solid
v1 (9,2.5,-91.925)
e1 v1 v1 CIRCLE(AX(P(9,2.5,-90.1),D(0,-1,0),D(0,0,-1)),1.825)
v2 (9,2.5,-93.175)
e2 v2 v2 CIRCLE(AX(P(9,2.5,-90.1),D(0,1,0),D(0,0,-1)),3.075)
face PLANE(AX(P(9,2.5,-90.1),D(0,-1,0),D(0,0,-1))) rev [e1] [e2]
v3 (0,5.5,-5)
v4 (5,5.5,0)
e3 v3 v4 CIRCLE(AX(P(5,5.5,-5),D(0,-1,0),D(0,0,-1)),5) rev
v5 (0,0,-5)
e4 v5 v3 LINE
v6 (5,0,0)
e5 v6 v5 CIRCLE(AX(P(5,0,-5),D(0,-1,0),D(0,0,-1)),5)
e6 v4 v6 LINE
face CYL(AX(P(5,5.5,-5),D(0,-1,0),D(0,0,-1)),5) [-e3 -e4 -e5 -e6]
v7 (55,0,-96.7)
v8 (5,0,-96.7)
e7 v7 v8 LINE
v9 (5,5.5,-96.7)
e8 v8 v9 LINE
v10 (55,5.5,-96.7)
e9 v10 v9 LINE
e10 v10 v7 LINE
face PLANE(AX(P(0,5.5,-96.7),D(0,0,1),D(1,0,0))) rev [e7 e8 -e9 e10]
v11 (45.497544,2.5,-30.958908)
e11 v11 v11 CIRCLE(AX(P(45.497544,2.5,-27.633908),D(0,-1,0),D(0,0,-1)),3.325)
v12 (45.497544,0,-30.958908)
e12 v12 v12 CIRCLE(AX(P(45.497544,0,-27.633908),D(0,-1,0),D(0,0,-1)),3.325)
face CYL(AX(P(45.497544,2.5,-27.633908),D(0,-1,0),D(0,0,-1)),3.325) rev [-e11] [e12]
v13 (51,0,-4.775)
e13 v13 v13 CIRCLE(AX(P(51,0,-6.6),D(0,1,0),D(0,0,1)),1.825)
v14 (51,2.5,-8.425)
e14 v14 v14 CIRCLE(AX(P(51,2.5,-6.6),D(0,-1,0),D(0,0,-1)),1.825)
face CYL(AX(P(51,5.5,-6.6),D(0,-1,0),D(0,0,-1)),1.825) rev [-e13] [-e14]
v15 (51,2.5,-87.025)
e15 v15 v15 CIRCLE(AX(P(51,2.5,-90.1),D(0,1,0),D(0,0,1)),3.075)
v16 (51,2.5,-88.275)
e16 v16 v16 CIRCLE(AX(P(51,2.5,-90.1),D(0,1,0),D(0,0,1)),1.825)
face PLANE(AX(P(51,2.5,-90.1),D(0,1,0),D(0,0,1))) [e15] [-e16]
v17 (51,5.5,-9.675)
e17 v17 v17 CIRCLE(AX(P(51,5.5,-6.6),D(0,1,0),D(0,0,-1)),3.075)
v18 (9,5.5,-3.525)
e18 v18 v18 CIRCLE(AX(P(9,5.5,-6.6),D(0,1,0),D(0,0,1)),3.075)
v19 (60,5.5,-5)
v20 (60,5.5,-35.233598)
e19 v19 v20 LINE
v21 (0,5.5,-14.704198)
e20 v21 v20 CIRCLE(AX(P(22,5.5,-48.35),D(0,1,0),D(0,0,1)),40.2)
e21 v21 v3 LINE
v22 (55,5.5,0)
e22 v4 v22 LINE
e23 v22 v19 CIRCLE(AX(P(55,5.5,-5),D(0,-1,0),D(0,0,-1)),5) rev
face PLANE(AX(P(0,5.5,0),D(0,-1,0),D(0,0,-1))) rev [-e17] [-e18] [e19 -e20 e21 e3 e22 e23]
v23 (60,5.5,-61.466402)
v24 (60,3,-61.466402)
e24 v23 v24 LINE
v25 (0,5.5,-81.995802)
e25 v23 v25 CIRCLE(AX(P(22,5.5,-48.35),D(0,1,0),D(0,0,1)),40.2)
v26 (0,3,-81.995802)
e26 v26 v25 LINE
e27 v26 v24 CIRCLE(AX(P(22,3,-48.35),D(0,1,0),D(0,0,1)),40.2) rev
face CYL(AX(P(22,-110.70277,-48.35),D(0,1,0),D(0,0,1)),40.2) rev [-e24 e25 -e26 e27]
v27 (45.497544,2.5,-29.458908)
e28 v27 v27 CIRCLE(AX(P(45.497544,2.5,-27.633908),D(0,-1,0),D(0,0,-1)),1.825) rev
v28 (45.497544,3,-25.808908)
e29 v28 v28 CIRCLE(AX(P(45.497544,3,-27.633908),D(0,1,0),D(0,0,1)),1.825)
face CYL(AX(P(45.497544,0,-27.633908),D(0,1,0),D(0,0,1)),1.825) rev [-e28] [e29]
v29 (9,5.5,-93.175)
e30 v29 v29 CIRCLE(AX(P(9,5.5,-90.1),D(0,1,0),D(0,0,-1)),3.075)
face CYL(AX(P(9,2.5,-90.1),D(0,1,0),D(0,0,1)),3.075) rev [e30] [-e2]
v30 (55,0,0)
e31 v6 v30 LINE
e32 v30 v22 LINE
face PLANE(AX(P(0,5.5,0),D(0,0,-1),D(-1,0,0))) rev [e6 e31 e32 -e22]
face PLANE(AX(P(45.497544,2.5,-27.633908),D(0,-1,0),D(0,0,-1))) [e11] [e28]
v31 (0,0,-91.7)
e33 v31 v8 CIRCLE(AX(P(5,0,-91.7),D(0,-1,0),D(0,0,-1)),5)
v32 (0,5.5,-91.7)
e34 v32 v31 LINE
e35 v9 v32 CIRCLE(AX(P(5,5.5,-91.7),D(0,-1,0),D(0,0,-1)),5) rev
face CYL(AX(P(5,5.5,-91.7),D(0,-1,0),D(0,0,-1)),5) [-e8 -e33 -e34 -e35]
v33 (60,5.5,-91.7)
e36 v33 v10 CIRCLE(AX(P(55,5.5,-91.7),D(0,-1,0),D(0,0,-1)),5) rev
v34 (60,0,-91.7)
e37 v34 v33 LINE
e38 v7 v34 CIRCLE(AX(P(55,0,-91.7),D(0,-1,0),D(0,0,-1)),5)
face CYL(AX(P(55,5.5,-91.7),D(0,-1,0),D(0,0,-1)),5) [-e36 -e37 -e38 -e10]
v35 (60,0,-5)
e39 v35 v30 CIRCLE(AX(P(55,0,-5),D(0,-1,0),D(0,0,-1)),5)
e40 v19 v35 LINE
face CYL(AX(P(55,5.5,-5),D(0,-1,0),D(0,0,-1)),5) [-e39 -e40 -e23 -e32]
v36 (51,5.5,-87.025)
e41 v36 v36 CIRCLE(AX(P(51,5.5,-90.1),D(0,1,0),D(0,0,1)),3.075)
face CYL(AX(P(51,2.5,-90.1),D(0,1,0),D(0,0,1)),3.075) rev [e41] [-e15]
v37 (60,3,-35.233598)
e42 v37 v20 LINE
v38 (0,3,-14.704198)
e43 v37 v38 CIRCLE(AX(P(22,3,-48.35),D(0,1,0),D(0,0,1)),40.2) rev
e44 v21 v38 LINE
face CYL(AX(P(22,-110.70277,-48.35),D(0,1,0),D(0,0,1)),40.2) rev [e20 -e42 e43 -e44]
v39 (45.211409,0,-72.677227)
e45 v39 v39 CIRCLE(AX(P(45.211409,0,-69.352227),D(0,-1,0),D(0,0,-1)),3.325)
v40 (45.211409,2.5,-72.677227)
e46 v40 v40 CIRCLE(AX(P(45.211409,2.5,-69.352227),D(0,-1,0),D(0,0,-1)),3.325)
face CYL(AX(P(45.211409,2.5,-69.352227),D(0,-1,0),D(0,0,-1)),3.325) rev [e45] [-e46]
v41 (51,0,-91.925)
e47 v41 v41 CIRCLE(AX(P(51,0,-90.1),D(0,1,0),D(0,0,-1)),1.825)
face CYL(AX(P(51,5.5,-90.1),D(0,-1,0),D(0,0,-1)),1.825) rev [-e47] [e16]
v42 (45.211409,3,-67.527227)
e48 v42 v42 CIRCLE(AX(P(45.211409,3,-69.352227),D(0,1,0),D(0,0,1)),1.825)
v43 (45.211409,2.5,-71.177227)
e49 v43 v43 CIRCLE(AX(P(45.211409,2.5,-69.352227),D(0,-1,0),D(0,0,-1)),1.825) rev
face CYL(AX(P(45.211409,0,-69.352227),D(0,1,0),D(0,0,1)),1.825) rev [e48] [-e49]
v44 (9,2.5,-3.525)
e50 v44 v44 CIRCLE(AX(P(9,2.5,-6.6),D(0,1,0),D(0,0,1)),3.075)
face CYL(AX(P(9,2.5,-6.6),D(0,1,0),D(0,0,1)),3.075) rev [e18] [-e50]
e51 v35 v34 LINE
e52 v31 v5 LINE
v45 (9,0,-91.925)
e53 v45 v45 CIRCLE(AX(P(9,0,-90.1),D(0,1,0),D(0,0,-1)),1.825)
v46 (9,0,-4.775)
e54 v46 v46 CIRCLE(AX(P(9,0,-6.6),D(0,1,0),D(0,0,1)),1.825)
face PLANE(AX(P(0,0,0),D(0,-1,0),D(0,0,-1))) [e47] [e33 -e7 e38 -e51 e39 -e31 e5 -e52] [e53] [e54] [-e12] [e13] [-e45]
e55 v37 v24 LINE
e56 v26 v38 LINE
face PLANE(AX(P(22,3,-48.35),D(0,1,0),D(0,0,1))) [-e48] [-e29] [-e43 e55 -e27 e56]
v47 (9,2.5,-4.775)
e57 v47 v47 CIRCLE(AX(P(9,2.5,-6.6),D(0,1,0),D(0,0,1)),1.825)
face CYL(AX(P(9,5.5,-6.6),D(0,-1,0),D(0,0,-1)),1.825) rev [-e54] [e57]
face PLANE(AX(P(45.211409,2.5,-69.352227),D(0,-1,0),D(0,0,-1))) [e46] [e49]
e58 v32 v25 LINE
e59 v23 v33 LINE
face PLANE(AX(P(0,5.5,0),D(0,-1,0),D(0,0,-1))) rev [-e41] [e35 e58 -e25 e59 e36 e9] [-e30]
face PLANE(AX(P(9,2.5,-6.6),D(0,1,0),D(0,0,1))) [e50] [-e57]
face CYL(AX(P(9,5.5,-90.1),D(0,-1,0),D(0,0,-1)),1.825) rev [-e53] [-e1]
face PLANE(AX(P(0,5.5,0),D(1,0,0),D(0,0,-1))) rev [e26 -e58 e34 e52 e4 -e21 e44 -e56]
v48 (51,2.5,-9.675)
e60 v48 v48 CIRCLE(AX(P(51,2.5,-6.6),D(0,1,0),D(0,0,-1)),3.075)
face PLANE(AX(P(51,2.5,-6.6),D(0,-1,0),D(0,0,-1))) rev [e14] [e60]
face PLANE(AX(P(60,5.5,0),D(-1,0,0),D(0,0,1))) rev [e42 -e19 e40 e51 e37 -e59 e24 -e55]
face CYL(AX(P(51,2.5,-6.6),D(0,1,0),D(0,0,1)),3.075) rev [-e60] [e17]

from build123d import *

# Parameters (mm, degrees)
CROQUIS2_W              = 60
CROQUIS2_H              = 96.7
CROQUIS2_R              = 1.825
SALIENTE_EXTRUIR1_DEPTH = 5.5
REDONDEO2_R             = 5
CROQUIS4_R              = 39.5
CORTAR_EXTRUIR1_DEPTH   = 2.5
CROQUIS5_R              = 1.825
CORTAR_EXTRUIR2_DEPTH   = 114.841512639
CROQUIS6_R              = 3.325
CORTAR_EXTRUIR3_DEPTH   = 2.5
CROQUIS7_R              = 3.075
CORTAR_EXTRUIR4_DEPTH   = 3
CROQUIS10_R             = 40.2
CORTAR_EXTRUIR5_DEPTH   = 2.5


with BuildPart() as part:
    # Croquis2 → Saliente-Extruir1 (new body)
    with BuildSketch(Plane(origin=(0, 0, 0), x_dir=(1, 0, 0), z_dir=(0, 1, 0))):
        with Locations((30, 48.35)):
            Rectangle(CROQUIS2_W, CROQUIS2_H)
        with Locations(Location((9, 6.6, 0), (0, 0, 270))):
            Circle(CROQUIS2_R, mode=Mode.SUBTRACT)
        with Locations(Location((51, 6.6, 0), (0, 0, 270))):
            Circle(CROQUIS2_R, mode=Mode.SUBTRACT)
        with Locations(Location((9, 90.1, 0), (0, 0, 90))):
            Circle(CROQUIS2_R, mode=Mode.SUBTRACT)
        with Locations(Location((51, 90.1, 0), (0, 0, 90))):
            Circle(CROQUIS2_R, mode=Mode.SUBTRACT)
    extrude(amount=SALIENTE_EXTRUIR1_DEPTH)

    # Redondeo2
    redondeo2_edges = [part.edges().sort_by_distance(p)[0] for p in [
        (0, 2.75, -96.7),
        (60, 2.75, -96.7),
        (60, 2.75, 0),
        (0, 2.75, 0),
    ]]
    fillet(redondeo2_edges, radius=REDONDEO2_R)

    # Croquis4 → Cortar-Extruir1 (cut)
    with BuildSketch(Plane(origin=(0, 5.5, 0), x_dir=(1, 0, 0), z_dir=(0, 1, 0))):
        with Locations((22, 48.35)):
            Circle(CROQUIS4_R)
    extrude(amount=-CORTAR_EXTRUIR1_DEPTH, mode=Mode.SUBTRACT)

    # Croquis5 → Cortar-Extruir2 (cut, through all)
    with BuildSketch(Plane(origin=(0, 3, 0), x_dir=(1, 0, 0), z_dir=(0, 1, 0))):
        with Locations(Location((45.211409163, 69.352226887, 0), (0, 0, 270))):
            Circle(CROQUIS5_R)
        with Locations(Location((45.497544097, 27.633908047, 0), (0, 0, 270))):
            Circle(CROQUIS5_R)
    extrude(amount=-CORTAR_EXTRUIR2_DEPTH, mode=Mode.SUBTRACT)

    # Croquis6 → Cortar-Extruir3 (cut)
    with BuildSketch(Plane.XZ):
        with Locations(Location((45.497544097, -27.633908047, 0), (0, 0, 270))):
            Circle(CROQUIS6_R)
        with Locations(Location((45.211409163, -69.352226887, 0), (0, 0, 270))):
            Circle(CROQUIS6_R)
    extrude(amount=-CORTAR_EXTRUIR3_DEPTH, mode=Mode.SUBTRACT)

    # Croquis7 → Cortar-Extruir4 (cut)
    with BuildSketch(Plane(origin=(0, 5.5, 0), x_dir=(1, 0, 0), z_dir=(0, 1, 0))):
        with Locations(Location((51, 90.1, 0), (0, 0, 270))):
            Circle(CROQUIS7_R)
        with Locations(Location((9, 90.1, 0), (0, 0, 90))):
            Circle(CROQUIS7_R)
        with Locations(Location((51, 6.6, 0), (0, 0, 90))):
            Circle(CROQUIS7_R)
        with Locations(Location((9, 6.6, 0), (0, 0, 270))):
            Circle(CROQUIS7_R)
    extrude(amount=-CORTAR_EXTRUIR4_DEPTH, mode=Mode.SUBTRACT)

    # Croquis10 → Cortar-Extruir5 (cut)
    with BuildSketch(Plane(origin=(0, 5.5, 0), x_dir=(1, 0, 0), z_dir=(0, 1, 0))):
        with Locations((22, 48.35)):
            Circle(CROQUIS10_R)
    extrude(amount=-CORTAR_EXTRUIR5_DEPTH, mode=Mode.SUBTRACT)


solid = part.part
